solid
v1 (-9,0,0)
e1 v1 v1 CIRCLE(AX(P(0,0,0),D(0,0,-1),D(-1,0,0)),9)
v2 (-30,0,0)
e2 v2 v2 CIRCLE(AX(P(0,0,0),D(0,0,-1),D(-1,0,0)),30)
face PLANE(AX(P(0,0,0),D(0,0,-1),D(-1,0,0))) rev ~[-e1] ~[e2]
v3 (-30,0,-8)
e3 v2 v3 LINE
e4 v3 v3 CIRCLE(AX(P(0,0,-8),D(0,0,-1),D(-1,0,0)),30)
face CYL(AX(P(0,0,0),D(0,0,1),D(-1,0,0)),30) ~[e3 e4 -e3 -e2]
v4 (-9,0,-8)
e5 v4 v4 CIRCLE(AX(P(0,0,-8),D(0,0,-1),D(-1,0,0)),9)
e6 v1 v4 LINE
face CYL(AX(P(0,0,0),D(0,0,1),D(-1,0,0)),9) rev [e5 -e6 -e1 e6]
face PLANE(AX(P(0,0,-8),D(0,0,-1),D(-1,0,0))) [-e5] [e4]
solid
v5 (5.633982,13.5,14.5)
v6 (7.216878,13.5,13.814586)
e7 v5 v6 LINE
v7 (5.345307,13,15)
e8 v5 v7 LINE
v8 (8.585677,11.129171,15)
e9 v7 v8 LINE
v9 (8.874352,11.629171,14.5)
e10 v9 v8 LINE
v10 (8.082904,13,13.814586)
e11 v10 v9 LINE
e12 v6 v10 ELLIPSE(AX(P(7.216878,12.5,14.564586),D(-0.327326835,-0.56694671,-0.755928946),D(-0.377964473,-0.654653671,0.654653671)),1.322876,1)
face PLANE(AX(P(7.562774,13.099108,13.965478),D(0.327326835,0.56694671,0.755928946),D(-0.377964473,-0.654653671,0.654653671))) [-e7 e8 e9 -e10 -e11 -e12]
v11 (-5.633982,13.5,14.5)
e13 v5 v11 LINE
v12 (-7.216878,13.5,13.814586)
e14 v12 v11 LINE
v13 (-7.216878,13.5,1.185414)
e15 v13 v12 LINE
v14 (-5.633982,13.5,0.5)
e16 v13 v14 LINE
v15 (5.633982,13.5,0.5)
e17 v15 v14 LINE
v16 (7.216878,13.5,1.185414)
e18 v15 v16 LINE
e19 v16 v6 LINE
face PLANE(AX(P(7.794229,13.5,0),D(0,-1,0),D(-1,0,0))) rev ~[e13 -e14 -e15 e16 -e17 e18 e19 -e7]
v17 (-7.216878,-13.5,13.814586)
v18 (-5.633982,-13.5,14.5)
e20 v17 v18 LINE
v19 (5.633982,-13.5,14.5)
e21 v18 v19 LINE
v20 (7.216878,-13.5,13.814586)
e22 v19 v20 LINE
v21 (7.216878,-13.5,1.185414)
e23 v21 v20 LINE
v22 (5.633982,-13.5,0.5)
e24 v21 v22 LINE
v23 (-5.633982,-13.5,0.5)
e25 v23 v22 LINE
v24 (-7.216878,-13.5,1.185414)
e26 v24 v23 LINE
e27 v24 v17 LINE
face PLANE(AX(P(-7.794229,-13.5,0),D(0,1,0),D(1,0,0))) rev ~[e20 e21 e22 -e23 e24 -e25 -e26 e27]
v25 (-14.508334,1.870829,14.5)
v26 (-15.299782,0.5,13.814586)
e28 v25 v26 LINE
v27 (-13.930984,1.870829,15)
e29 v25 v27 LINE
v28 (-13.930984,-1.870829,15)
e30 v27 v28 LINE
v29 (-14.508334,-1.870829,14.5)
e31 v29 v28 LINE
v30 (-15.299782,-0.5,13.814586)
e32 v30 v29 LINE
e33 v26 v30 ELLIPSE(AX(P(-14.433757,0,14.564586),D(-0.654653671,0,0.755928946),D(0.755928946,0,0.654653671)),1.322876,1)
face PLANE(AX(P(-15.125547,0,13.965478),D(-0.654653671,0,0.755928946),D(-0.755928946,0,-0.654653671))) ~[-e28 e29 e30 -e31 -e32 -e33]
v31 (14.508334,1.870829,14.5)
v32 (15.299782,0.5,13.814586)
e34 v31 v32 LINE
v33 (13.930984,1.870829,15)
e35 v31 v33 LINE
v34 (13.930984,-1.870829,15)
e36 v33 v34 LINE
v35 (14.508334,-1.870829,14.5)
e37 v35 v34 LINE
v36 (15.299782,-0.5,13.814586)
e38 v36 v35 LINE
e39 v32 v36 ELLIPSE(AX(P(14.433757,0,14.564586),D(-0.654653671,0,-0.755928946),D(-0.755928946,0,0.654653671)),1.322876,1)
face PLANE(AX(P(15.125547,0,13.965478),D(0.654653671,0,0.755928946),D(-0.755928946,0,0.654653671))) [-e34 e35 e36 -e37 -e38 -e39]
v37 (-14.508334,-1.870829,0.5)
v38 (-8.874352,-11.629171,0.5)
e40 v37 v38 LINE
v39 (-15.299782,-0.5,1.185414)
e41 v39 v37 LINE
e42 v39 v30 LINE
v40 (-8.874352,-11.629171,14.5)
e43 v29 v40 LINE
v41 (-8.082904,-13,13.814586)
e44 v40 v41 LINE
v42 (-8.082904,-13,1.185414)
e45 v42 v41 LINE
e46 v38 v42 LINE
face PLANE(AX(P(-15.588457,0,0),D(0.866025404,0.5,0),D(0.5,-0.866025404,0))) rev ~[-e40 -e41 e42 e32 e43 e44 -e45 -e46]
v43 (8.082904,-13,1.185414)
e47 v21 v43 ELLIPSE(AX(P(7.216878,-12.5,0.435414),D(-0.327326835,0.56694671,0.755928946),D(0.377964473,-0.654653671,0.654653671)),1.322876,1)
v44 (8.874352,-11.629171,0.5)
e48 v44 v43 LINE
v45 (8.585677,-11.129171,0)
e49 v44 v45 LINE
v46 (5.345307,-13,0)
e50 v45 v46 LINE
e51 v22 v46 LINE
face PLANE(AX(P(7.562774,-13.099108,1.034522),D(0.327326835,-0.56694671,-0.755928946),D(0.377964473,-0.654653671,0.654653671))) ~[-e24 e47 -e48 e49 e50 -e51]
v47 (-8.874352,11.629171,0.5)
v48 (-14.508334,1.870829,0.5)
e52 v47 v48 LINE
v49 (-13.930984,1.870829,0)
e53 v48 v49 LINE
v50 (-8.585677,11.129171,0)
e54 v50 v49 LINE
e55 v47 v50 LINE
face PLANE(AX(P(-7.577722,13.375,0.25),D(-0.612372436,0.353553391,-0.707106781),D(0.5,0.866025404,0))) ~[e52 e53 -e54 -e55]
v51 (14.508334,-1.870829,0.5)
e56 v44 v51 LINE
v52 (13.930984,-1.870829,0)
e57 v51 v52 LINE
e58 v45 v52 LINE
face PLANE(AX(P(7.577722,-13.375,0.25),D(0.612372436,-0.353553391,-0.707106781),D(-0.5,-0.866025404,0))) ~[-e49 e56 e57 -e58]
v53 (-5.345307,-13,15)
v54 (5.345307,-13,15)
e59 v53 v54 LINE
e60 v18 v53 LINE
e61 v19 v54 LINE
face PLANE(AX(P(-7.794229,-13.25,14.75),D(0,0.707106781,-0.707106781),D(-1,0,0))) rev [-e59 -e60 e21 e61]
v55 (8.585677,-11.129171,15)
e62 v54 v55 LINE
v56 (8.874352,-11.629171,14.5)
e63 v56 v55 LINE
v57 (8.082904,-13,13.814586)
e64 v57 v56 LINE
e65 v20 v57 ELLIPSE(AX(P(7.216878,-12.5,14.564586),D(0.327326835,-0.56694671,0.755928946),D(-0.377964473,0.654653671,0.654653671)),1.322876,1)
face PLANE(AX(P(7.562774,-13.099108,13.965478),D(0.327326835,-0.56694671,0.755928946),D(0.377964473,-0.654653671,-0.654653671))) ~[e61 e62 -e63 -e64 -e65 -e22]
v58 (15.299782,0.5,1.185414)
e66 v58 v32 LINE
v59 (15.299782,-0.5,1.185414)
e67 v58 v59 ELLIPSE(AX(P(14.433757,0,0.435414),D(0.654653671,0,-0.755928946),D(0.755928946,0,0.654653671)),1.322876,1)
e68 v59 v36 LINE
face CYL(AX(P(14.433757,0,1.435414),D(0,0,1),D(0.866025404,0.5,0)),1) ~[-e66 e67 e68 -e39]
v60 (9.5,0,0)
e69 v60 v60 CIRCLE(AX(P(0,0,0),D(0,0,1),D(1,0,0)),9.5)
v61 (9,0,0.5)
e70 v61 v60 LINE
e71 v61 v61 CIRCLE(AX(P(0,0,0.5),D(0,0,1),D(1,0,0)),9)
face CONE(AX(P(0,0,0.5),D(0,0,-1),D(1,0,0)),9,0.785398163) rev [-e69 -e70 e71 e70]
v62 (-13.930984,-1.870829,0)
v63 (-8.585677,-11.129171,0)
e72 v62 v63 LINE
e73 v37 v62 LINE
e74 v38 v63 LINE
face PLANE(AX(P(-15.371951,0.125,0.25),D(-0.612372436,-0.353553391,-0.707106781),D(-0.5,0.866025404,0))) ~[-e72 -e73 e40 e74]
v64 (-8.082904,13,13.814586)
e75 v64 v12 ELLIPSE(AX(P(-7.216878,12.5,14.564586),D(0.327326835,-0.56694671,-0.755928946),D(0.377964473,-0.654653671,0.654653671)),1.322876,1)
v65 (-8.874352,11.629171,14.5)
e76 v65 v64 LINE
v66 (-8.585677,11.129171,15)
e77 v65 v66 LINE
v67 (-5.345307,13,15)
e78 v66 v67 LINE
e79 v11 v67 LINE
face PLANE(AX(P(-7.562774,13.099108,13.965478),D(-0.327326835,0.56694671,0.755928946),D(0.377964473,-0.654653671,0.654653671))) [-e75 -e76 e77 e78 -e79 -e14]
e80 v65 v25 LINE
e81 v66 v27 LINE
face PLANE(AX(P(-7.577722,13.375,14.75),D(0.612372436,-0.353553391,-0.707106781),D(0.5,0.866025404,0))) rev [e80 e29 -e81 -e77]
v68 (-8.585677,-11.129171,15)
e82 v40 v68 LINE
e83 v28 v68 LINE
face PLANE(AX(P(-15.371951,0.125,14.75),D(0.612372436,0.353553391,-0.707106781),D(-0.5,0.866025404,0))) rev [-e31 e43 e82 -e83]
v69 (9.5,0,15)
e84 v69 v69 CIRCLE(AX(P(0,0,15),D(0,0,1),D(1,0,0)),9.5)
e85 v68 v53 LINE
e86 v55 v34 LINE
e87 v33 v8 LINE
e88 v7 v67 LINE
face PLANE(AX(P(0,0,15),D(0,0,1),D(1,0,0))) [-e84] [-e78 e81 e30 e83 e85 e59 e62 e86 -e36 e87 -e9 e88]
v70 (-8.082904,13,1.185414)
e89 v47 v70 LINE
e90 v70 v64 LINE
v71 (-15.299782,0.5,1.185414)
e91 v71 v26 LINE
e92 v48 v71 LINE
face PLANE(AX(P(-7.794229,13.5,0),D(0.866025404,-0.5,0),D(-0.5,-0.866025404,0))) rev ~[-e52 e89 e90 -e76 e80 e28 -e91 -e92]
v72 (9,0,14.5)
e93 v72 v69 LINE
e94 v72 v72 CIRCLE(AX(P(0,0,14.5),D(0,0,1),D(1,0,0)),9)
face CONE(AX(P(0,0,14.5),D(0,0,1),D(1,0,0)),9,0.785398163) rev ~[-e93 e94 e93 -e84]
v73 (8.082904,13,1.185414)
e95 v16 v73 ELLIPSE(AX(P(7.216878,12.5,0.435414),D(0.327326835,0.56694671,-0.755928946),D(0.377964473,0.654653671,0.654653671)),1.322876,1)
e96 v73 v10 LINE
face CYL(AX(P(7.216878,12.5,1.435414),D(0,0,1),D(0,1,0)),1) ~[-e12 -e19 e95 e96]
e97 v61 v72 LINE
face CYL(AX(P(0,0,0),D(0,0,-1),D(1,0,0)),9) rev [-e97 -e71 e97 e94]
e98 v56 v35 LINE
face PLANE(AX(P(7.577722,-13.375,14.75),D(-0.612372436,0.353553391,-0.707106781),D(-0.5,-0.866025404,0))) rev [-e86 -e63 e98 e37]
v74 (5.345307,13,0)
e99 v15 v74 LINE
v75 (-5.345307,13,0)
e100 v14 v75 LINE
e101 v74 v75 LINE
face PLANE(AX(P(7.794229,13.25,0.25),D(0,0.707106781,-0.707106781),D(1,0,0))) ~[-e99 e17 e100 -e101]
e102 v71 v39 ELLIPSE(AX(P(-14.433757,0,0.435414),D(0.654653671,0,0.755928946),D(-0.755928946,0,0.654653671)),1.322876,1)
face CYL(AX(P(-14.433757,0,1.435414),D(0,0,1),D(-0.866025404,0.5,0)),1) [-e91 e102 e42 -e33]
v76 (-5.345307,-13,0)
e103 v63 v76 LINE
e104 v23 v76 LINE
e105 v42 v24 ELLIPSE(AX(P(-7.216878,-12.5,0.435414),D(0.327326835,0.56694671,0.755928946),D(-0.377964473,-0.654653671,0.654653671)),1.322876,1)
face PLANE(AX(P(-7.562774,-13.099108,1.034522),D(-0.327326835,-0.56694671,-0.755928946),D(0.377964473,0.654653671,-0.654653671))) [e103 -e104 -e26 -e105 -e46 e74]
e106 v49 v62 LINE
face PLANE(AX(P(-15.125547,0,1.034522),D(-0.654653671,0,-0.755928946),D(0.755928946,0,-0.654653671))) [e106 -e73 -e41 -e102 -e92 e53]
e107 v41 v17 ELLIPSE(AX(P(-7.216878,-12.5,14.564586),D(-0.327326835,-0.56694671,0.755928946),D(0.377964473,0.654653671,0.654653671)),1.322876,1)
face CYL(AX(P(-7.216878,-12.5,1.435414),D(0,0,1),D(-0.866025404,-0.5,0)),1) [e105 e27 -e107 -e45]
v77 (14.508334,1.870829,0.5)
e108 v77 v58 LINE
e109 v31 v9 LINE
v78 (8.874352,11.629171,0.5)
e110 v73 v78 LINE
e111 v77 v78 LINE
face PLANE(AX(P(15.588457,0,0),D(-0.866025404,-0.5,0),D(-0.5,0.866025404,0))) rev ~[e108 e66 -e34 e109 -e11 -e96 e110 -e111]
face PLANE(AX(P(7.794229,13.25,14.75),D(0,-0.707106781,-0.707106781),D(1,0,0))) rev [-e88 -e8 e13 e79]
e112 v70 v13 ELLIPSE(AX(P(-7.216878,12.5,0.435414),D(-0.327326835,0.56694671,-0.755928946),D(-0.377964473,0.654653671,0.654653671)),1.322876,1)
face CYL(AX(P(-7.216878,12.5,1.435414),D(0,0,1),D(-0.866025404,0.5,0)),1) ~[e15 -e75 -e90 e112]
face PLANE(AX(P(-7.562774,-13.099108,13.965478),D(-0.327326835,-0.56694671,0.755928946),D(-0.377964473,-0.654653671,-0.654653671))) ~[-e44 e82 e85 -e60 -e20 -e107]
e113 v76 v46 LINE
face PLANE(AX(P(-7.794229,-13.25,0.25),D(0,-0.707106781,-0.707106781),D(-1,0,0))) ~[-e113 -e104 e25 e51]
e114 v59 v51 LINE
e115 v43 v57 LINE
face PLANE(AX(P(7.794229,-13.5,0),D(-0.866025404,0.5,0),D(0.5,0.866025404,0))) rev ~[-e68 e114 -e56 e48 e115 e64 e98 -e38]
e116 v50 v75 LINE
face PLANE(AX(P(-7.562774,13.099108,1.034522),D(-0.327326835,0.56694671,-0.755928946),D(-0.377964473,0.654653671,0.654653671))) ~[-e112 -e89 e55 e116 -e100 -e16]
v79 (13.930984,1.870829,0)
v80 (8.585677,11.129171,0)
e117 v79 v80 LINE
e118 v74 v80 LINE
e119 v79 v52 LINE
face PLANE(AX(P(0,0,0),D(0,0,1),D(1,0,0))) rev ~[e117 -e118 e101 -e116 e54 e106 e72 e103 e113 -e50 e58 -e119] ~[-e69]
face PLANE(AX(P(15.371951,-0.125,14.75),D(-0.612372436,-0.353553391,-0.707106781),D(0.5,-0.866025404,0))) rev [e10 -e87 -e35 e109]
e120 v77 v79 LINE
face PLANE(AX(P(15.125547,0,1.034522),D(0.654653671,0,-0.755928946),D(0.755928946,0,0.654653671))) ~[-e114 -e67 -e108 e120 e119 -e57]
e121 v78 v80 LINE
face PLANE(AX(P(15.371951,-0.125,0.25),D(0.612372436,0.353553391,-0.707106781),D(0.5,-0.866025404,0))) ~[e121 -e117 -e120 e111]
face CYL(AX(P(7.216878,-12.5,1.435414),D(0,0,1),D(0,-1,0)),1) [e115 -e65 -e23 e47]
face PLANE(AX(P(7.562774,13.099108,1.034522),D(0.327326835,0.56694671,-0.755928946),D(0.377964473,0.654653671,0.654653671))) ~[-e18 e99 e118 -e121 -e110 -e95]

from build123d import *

# Parameters (mm, degrees)
SKETCH1_R           = 9
BOSS_EXTRUDE1_DEPTH = 15
CHAMFER1_SIZE       = 0.5
CHAMFER2_SIZE       = 2
FILLET1_R           = 1
SKETCH2_R           = 30
SKETCH2_R_2         = 9
BOSS_EXTRUDE2_DEPTH = 8


with BuildPart() as part:
    # Sketch1 → Boss-Extrude1 (new body)
    with BuildSketch(Plane.XY):
        Polygon((-7.794228634, 13.5), (-15.588457268, 0), (-7.794228634, -13.5), (7.794228634, -13.5), (15.588457268, 0), (7.794228634, 13.5), align=None)
        Circle(SKETCH1_R, mode=Mode.SUBTRACT)
    extrude(amount=BOSS_EXTRUDE1_DEPTH)

    # Chamfer1
    chamfer1_edges = [part.edges().sort_by_distance(p)[0] for p in [
        (-11.691342951, -6.75, 15),
        (0, -13.5, 15),
        (-9, 0, 0),
        (-9, 0, 15),
        (11.691342951, -6.75, 15),
        (11.691342951, 6.75, 15),
        (0, 13.5, 15),
        (11.691342951, 6.75, 0),
        (11.691342951, -6.75, 0),
        (0, -13.5, 0),
        (-11.691342951, -6.75, 0),
        (-11.691342951, 6.75, 0),
        (0, 13.5, 0),
        (-11.691342951, 6.75, 15),
    ]]
    chamfer(chamfer1_edges, length=CHAMFER1_SIZE)

    # Chamfer2
    chamfer2_edges = [part.edges().sort_by_distance(p)[0] for p in [
        (15.299782134, 0, 0.25),
        (7.649891067, -13.25, 0.25),
        (7.649891067, 13.25, 0.25),
        (-7.649891067, -13.25, 0.25),
        (-7.649891067, 13.25, 0.25),
        (-15.299782134, 0, 0.25),
        (-7.649891067, -13.25, 14.75),
        (-15.299782134, 0, 14.75),
        (7.649891067, -13.25, 14.75),
        (-7.649891067, 13.25, 14.75),
        (15.299782134, 0, 14.75),
        (7.649891067, 13.25, 14.75),
    ]]
    chamfer(chamfer2_edges, length=CHAMFER2_SIZE)

    # Fillet1
    fillet1_edges = [part.edges().sort_by_distance(p)[0] for p in [
        (-15.588457268, 0, 7.5),
        (-7.794228634, -13.5, 7.5),
        (-7.794228634, 13.5, 7.5),
        (7.794228634, -13.5, 7.5),
        (15.588457268, 0, 7.5),
        (7.794228634, 13.5, 7.5),
    ]]
    fillet(fillet1_edges, radius=FILLET1_R)


with BuildPart() as body_2:
    # Sketch2 → Boss-Extrude2 (new body)
    with BuildSketch(Plane(origin=(0, 0, 0), x_dir=(-1, 0, 0), z_dir=(0, 0, -1))):
        Circle(SKETCH2_R)
        Circle(SKETCH2_R_2, mode=Mode.SUBTRACT)
    extrude(amount=BOSS_EXTRUDE2_DEPTH)


solid = Compound([part.part, body_2.part])
